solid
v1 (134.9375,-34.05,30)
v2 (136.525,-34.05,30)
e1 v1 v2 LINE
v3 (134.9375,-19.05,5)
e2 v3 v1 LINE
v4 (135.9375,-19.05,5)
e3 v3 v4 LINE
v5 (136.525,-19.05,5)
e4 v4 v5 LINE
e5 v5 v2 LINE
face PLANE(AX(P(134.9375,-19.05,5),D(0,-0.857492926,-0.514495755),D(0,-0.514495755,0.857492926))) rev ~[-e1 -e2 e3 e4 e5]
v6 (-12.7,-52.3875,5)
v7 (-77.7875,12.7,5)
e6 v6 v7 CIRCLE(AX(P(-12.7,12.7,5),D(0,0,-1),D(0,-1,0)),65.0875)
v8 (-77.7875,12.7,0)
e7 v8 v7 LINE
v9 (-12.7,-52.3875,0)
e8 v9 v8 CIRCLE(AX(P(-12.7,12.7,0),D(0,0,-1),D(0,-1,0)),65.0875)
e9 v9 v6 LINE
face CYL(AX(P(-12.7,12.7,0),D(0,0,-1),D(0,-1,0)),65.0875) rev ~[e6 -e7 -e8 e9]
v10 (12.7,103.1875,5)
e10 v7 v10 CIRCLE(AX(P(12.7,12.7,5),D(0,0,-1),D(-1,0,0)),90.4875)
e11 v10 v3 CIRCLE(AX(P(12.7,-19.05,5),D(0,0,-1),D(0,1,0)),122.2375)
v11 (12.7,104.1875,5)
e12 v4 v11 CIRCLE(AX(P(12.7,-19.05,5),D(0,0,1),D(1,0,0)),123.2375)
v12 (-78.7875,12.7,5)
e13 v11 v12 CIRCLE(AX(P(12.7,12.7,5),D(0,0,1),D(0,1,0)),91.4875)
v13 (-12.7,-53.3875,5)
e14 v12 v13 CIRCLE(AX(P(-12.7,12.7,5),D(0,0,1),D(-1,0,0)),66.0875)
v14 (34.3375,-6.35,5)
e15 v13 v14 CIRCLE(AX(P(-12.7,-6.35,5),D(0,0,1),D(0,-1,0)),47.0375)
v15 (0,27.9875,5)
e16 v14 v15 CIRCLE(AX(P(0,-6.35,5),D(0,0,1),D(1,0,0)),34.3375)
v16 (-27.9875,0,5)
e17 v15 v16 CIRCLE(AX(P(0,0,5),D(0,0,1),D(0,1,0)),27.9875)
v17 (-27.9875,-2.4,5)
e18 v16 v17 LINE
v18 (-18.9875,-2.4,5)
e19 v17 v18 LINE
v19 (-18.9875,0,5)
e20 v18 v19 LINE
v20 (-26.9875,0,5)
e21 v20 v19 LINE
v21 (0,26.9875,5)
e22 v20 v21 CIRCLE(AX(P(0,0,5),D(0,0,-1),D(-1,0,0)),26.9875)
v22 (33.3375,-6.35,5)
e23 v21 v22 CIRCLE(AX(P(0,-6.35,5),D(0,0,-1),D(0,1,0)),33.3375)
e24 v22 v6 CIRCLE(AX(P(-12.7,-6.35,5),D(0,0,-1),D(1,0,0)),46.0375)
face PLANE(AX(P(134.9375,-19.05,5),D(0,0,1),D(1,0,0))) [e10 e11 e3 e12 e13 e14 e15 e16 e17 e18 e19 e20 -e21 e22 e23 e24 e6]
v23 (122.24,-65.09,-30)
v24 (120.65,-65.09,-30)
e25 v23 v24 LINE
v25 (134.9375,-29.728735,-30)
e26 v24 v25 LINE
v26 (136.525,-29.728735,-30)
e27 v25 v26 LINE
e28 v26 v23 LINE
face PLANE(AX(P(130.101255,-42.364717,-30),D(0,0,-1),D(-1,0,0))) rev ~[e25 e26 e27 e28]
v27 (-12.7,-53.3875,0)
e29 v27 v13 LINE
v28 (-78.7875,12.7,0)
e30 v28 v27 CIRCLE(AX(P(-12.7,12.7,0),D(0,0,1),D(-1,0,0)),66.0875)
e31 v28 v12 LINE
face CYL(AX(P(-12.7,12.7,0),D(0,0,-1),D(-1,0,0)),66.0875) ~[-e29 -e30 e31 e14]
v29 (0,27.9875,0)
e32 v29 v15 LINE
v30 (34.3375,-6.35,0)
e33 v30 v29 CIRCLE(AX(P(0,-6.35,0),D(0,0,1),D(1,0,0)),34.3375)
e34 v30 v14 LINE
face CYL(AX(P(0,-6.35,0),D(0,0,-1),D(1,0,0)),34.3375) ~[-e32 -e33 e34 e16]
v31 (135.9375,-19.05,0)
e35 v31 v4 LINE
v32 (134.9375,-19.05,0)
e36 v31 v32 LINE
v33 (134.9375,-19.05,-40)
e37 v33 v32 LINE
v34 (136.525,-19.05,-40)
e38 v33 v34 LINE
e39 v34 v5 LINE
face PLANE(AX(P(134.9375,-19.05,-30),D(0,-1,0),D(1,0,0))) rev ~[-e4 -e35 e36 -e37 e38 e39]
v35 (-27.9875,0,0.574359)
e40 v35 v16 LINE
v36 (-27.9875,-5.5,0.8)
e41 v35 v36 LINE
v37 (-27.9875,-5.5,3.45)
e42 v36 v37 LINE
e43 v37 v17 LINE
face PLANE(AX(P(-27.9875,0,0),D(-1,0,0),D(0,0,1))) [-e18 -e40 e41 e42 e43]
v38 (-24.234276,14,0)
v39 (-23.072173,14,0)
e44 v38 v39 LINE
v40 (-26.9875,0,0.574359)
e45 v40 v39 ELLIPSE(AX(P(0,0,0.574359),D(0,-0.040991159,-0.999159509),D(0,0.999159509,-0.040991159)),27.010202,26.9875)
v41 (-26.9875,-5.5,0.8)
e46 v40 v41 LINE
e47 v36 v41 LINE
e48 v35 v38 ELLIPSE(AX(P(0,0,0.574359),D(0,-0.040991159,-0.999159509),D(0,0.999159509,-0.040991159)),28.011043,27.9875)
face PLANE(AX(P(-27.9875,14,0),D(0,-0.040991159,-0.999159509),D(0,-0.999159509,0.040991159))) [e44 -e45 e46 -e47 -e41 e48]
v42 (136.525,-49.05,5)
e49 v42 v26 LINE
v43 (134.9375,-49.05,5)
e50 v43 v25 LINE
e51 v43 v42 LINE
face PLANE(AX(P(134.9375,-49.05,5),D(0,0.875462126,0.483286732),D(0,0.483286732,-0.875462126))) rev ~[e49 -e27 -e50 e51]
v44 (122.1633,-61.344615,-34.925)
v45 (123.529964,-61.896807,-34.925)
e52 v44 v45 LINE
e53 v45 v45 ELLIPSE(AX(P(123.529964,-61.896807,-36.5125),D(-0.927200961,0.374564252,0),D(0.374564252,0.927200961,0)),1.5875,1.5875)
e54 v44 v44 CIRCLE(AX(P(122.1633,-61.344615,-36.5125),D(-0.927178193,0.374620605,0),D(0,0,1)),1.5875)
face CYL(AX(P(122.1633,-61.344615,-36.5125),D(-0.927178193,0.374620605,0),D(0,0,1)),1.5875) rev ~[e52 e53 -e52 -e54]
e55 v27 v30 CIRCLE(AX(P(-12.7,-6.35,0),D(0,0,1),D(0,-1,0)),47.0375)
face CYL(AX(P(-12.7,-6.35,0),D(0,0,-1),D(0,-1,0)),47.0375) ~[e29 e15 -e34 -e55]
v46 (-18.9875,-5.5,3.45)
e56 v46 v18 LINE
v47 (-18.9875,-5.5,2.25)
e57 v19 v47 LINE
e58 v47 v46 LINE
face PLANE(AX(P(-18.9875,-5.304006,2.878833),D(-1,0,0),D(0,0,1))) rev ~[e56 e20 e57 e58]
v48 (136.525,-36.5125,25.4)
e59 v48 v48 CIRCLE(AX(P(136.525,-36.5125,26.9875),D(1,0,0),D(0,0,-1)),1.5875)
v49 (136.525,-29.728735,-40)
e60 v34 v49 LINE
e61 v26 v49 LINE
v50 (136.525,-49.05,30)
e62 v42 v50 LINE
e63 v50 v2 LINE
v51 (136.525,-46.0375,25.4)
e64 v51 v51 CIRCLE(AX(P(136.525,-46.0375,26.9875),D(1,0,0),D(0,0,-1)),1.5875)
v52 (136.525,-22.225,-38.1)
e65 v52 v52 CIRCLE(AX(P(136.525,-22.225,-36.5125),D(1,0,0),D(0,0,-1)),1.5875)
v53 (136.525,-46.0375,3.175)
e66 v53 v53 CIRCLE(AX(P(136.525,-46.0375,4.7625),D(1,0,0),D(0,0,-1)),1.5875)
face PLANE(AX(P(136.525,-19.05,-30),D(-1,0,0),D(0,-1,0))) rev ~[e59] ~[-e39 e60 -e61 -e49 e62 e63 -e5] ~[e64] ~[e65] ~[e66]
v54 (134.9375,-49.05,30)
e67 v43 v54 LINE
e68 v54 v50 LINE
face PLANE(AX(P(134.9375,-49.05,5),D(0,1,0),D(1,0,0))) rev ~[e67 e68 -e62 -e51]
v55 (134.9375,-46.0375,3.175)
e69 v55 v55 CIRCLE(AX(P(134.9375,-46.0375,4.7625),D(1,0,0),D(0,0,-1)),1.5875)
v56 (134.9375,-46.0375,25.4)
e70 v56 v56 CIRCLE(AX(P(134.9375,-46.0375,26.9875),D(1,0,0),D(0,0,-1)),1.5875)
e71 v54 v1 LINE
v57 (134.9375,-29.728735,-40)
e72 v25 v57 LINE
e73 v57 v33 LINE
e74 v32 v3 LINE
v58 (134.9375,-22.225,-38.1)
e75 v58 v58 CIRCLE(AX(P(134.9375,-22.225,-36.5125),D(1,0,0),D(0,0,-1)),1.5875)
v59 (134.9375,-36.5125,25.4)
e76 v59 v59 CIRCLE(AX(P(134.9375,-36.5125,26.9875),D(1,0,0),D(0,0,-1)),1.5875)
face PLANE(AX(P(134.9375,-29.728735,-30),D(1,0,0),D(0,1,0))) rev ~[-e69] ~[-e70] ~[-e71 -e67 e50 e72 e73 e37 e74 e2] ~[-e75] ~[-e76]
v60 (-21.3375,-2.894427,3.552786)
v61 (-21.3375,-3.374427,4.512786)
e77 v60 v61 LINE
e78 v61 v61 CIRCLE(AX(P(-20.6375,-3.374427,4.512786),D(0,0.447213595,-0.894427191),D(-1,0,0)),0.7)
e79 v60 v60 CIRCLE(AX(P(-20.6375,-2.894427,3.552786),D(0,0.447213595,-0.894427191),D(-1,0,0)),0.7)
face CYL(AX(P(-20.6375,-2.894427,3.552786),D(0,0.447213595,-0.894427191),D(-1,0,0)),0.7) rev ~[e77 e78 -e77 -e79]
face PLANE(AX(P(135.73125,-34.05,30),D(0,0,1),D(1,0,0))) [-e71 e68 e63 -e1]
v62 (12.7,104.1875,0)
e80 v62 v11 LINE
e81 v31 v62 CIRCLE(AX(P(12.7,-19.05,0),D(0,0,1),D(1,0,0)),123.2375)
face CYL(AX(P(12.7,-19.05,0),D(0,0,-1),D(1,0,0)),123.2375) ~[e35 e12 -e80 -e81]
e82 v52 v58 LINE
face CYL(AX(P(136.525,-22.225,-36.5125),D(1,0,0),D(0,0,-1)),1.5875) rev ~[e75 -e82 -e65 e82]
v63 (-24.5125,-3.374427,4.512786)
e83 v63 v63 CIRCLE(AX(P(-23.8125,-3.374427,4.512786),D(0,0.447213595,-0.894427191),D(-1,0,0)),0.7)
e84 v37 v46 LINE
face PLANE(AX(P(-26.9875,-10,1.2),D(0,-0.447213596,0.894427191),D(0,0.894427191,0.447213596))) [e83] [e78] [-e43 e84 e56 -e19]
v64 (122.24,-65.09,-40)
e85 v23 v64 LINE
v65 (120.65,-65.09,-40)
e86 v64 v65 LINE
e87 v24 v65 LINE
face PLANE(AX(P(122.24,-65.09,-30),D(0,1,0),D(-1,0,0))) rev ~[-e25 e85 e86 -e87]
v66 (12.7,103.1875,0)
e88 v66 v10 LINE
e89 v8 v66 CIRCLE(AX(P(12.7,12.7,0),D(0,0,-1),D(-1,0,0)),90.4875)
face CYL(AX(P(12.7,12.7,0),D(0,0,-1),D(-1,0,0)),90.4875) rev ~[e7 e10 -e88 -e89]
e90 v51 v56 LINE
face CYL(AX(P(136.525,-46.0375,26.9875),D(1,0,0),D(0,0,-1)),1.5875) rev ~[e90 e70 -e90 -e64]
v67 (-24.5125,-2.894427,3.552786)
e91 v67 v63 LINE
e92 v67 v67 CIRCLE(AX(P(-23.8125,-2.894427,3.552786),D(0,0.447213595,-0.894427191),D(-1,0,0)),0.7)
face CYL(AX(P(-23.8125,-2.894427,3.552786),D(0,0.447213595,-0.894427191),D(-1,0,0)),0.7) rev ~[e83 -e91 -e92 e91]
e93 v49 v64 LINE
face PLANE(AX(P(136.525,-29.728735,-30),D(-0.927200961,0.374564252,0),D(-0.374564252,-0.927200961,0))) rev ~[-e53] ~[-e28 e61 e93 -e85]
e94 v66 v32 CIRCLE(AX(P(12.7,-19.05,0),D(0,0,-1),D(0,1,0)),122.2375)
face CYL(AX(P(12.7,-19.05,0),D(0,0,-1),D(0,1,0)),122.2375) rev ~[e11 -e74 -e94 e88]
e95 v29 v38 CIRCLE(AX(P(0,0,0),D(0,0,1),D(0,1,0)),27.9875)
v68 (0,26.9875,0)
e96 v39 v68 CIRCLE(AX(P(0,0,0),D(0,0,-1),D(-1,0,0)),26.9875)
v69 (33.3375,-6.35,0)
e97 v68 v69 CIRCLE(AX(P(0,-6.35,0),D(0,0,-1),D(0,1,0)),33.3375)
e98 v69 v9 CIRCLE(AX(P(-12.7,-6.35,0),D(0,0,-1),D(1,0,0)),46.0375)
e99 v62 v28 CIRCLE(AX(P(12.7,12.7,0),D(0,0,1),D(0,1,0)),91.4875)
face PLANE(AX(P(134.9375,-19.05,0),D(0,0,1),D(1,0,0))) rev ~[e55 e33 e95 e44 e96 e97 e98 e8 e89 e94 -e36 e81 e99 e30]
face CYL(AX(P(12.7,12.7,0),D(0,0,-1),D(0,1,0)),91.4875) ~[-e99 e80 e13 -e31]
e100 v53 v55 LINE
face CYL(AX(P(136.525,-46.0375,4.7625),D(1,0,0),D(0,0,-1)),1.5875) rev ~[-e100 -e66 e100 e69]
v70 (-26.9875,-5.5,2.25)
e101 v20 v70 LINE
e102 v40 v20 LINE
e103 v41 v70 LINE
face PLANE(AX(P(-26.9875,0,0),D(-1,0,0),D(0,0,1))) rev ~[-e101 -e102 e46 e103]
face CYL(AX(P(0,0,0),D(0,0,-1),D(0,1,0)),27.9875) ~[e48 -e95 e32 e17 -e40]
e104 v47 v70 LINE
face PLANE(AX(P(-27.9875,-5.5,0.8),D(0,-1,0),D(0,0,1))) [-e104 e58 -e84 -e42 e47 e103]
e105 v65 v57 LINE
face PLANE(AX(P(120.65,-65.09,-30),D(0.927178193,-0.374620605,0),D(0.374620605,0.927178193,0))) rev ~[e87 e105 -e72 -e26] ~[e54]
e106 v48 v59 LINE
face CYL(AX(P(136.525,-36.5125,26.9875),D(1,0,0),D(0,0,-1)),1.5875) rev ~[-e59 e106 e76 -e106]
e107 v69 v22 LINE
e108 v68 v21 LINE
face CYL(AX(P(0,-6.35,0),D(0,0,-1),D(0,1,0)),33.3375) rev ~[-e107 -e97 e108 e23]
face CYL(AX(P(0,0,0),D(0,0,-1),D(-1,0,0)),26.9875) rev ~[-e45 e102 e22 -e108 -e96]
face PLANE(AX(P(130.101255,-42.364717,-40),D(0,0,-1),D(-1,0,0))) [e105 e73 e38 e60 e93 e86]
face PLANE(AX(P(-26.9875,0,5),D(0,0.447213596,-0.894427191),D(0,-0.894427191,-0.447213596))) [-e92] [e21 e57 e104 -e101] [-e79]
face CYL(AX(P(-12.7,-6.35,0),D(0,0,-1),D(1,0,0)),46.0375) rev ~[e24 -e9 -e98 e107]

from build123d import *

# Parameters (mm, degrees)
EXTRUDE2_DEPTH     = 5
SKETCH3_W          = 1
SKETCH3_H          = 5
EXTRUDE3_DEPTH     = 10
CUT_EXTRUDE2_DEPTH = 5
EXTRUDE5_DEPTH     = 8
SKETCH8_W          = 1.5875
SKETCH8_H          = 5
EXTRUDE6_DEPTH     = 30
SKETCH9_W          = 1.5875
SKETCH9_H          = 30
EXTRUDE7_DEPTH     = 30
SKETCH10_W         = 1.5875
SKETCH10_H         = 30
EXTRUDE8_DEPTH     = 25
CUT_EXTRUDE3_DEPTH = 5
CUT_EXTRUDE4_DEPTH = 5
CUT_EXTRUDE6_DEPTH = 15
SKETCH15_R         = 0.7
CUT_EXTRUDE7_DEPTH = 10
EXTRUDE9_DEPTH     = 10
SKETCH18_R         = 1.5875
CUT_EXTRUDE8_DEPTH = 3
SKETCH19_R         = 1.5875
CUT_EXTRUDE9_DEPTH = 3


with BuildPart() as part:
    # Sketch2 → Extrude2 (new body)
    with BuildSketch(Plane.XY):
        with BuildLine():
            Line((-27.9875, 0), (-26.9875, 0))
            ThreePointArc((-26.9875, 0), (-19.083044257, 19.083044257), (0, 26.9875))
            ThreePointArc((0, 26.9875), (23.573172318, 17.223172318), (33.3375, -6.35))
            ThreePointArc((33.3375, -6.35), (19.853428439, -38.903428439), (-12.7, -52.3875))
            ThreePointArc((-12.7, -52.3875), (-58.72381262, -33.32381262), (-77.7875, 12.7))
            ThreePointArc((-77.7875, 12.7), (-51.284324863, 76.684324863), (12.7, 103.1875))
            ThreePointArc((12.7, 103.1875), (99.134965165, 67.384965165), (134.9375, -19.05))
            Line((134.9375, -19.05), (135.9375, -19.05))
            ThreePointArc((135.9375, -19.05), (99.842071946, 68.092071946), (12.7, 104.1875))
            ThreePointArc((12.7, 104.1875), (-51.991431644, 77.391431644), (-78.7875, 12.7))
            ThreePointArc((-78.7875, 12.7), (-59.430919402, -34.030919402), (-12.7, -53.3875))
            ThreePointArc((-12.7, -53.3875), (20.56053522, -39.61053522), (34.3375, -6.35))
            ThreePointArc((34.3375, -6.35), (24.280279099, 17.930279099), (0, 27.9875))
            ThreePointArc((0, 27.9875), (-19.790151038, 19.790151038), (-27.9875, 0))
        make_face()
    extrude(amount=EXTRUDE2_DEPTH)

    # Sketch3 → Extrude3 (add)
    with BuildSketch(Plane.XZ):
        with Locations((-27.4875, 2.5)):
            Rectangle(SKETCH3_W, SKETCH3_H)
    extrude(amount=EXTRUDE3_DEPTH)

    # Sketch6 → Cut-Extrude2 (cut)
    with BuildSketch(Plane(origin=(-26.9875, 0, 0), x_dir=(0, 0, -1), z_dir=(1, 0, 0))):
        Polygon((-5, -2.4), (-1.2, -10), (-5, -10), align=None)
    extrude(amount=-CUT_EXTRUDE2_DEPTH, mode=Mode.SUBTRACT)

    # Sketch7 → Extrude5 (add)
    with BuildSketch(Plane(origin=(-26.9875, 0, 0), x_dir=(0, 0, -1), z_dir=(1, 0, 0))):
        Polygon((-5, 0), (0, -10), (-1.2, -10), (-5, -2.4), align=None)
    extrude(amount=EXTRUDE5_DEPTH)

    # Sketch8 → Extrude6 (add)
    with BuildSketch(Plane.XZ.offset(19.05)):
        with Locations((135.73125, 2.5)):
            Rectangle(SKETCH8_W, SKETCH8_H)
    extrude(amount=EXTRUDE6_DEPTH)

    # Sketch9 → Extrude7 (add)
    with BuildSketch(Plane(origin=(0, 0, 0), x_dir=(-1, 0, 0), z_dir=(0, 0, -1))):
        with Locations((-135.73125, -34.05)):
            Rectangle(SKETCH9_W, SKETCH9_H)
    extrude(amount=EXTRUDE7_DEPTH)

    # Sketch10 → Extrude8 (add)
    with BuildSketch(Plane.XY.offset(5)):
        with Locations((135.73125, -34.05)):
            Rectangle(SKETCH10_W, SKETCH10_H)
    extrude(amount=EXTRUDE8_DEPTH)

    # Sketch11 → Cut-Extrude3 (cut)
    with BuildSketch(Plane.ZY.offset(-134.9375)):
        Polygon((5, -19.05), (30, -34.05), (30, -19.05), align=None)
    extrude(amount=-CUT_EXTRUDE3_DEPTH, mode=Mode.SUBTRACT)

    # Sketch12 → Cut-Extrude4 (cut)
    with BuildSketch(Plane.ZY.offset(-134.9375)):
        Polygon((5, -49.05), (-30, -29.728735128), (-30, -49.05), align=None)
    extrude(amount=-CUT_EXTRUDE4_DEPTH, mode=Mode.SUBTRACT)

    # Sketch14 → Cut-Extrude6 (cut)
    with BuildSketch(Plane.ZY.offset(27.9875)):
        Polygon((0, -5.5), (0, 14), (0.8, -5.5), (4.7625, -5.5), (4.7625, -10), (0, -10), align=None)
    extrude(amount=-CUT_EXTRUDE6_DEPTH, mode=Mode.SUBTRACT)

    # Sketch15 → Cut-Extrude7 (cut)
    with BuildSketch(Plane(origin=(0, -2, 4), x_dir=(-1, 0, 0), z_dir=(0, 0.447213595, -0.894427191))):
        with Locations((23.8125, -1)):
            Circle(SKETCH15_R)
        with Locations((20.6375, -1)):
            Circle(SKETCH15_R)
    extrude(amount=-CUT_EXTRUDE7_DEPTH, mode=Mode.SUBTRACT)

    # Sketch17 → Extrude9 (add)
    with BuildSketch(Plane(origin=(0, 0, -30), x_dir=(-1, 0, 0), z_dir=(0, 0, -1))):
        Polygon((-136.525, -19.05), (-136.525, -29.728735128), (-122.24, -65.09), (-120.65, -65.09), (-134.9375, -29.728735128), (-134.9375, -19.05), align=None)
    extrude(amount=EXTRUDE9_DEPTH)

    # Sketch18 → Cut-Extrude8 (cut)
    with BuildSketch(Plane(origin=(126.326271119, -51.041347224, 0), x_dir=(0, 0, 1), z_dir=(-0.927178193, 0.374620605, 0))):
        with Locations((-36.5125, -11.1125)):
            Circle(SKETCH18_R)
    extrude(amount=-CUT_EXTRUDE8_DEPTH, mode=Mode.SUBTRACT)

    # Sketch19 → Cut-Extrude9 (cut)
    with BuildSketch(Plane(origin=(136.525, 0, 0), x_dir=(0, 0, -1), z_dir=(1, 0, 0))):
        with Locations((-26.9875, -46.0375)):
            Circle(SKETCH19_R)
        with Locations((-26.9875, -36.5125)):
            Circle(SKETCH19_R)
        with Locations((-4.7625, -46.0375)):
            Circle(SKETCH19_R)
        with Locations((36.5125, -22.225)):
            Circle(SKETCH19_R)
    extrude(amount=-CUT_EXTRUDE9_DEPTH, mode=Mode.SUBTRACT)


solid = part.part
